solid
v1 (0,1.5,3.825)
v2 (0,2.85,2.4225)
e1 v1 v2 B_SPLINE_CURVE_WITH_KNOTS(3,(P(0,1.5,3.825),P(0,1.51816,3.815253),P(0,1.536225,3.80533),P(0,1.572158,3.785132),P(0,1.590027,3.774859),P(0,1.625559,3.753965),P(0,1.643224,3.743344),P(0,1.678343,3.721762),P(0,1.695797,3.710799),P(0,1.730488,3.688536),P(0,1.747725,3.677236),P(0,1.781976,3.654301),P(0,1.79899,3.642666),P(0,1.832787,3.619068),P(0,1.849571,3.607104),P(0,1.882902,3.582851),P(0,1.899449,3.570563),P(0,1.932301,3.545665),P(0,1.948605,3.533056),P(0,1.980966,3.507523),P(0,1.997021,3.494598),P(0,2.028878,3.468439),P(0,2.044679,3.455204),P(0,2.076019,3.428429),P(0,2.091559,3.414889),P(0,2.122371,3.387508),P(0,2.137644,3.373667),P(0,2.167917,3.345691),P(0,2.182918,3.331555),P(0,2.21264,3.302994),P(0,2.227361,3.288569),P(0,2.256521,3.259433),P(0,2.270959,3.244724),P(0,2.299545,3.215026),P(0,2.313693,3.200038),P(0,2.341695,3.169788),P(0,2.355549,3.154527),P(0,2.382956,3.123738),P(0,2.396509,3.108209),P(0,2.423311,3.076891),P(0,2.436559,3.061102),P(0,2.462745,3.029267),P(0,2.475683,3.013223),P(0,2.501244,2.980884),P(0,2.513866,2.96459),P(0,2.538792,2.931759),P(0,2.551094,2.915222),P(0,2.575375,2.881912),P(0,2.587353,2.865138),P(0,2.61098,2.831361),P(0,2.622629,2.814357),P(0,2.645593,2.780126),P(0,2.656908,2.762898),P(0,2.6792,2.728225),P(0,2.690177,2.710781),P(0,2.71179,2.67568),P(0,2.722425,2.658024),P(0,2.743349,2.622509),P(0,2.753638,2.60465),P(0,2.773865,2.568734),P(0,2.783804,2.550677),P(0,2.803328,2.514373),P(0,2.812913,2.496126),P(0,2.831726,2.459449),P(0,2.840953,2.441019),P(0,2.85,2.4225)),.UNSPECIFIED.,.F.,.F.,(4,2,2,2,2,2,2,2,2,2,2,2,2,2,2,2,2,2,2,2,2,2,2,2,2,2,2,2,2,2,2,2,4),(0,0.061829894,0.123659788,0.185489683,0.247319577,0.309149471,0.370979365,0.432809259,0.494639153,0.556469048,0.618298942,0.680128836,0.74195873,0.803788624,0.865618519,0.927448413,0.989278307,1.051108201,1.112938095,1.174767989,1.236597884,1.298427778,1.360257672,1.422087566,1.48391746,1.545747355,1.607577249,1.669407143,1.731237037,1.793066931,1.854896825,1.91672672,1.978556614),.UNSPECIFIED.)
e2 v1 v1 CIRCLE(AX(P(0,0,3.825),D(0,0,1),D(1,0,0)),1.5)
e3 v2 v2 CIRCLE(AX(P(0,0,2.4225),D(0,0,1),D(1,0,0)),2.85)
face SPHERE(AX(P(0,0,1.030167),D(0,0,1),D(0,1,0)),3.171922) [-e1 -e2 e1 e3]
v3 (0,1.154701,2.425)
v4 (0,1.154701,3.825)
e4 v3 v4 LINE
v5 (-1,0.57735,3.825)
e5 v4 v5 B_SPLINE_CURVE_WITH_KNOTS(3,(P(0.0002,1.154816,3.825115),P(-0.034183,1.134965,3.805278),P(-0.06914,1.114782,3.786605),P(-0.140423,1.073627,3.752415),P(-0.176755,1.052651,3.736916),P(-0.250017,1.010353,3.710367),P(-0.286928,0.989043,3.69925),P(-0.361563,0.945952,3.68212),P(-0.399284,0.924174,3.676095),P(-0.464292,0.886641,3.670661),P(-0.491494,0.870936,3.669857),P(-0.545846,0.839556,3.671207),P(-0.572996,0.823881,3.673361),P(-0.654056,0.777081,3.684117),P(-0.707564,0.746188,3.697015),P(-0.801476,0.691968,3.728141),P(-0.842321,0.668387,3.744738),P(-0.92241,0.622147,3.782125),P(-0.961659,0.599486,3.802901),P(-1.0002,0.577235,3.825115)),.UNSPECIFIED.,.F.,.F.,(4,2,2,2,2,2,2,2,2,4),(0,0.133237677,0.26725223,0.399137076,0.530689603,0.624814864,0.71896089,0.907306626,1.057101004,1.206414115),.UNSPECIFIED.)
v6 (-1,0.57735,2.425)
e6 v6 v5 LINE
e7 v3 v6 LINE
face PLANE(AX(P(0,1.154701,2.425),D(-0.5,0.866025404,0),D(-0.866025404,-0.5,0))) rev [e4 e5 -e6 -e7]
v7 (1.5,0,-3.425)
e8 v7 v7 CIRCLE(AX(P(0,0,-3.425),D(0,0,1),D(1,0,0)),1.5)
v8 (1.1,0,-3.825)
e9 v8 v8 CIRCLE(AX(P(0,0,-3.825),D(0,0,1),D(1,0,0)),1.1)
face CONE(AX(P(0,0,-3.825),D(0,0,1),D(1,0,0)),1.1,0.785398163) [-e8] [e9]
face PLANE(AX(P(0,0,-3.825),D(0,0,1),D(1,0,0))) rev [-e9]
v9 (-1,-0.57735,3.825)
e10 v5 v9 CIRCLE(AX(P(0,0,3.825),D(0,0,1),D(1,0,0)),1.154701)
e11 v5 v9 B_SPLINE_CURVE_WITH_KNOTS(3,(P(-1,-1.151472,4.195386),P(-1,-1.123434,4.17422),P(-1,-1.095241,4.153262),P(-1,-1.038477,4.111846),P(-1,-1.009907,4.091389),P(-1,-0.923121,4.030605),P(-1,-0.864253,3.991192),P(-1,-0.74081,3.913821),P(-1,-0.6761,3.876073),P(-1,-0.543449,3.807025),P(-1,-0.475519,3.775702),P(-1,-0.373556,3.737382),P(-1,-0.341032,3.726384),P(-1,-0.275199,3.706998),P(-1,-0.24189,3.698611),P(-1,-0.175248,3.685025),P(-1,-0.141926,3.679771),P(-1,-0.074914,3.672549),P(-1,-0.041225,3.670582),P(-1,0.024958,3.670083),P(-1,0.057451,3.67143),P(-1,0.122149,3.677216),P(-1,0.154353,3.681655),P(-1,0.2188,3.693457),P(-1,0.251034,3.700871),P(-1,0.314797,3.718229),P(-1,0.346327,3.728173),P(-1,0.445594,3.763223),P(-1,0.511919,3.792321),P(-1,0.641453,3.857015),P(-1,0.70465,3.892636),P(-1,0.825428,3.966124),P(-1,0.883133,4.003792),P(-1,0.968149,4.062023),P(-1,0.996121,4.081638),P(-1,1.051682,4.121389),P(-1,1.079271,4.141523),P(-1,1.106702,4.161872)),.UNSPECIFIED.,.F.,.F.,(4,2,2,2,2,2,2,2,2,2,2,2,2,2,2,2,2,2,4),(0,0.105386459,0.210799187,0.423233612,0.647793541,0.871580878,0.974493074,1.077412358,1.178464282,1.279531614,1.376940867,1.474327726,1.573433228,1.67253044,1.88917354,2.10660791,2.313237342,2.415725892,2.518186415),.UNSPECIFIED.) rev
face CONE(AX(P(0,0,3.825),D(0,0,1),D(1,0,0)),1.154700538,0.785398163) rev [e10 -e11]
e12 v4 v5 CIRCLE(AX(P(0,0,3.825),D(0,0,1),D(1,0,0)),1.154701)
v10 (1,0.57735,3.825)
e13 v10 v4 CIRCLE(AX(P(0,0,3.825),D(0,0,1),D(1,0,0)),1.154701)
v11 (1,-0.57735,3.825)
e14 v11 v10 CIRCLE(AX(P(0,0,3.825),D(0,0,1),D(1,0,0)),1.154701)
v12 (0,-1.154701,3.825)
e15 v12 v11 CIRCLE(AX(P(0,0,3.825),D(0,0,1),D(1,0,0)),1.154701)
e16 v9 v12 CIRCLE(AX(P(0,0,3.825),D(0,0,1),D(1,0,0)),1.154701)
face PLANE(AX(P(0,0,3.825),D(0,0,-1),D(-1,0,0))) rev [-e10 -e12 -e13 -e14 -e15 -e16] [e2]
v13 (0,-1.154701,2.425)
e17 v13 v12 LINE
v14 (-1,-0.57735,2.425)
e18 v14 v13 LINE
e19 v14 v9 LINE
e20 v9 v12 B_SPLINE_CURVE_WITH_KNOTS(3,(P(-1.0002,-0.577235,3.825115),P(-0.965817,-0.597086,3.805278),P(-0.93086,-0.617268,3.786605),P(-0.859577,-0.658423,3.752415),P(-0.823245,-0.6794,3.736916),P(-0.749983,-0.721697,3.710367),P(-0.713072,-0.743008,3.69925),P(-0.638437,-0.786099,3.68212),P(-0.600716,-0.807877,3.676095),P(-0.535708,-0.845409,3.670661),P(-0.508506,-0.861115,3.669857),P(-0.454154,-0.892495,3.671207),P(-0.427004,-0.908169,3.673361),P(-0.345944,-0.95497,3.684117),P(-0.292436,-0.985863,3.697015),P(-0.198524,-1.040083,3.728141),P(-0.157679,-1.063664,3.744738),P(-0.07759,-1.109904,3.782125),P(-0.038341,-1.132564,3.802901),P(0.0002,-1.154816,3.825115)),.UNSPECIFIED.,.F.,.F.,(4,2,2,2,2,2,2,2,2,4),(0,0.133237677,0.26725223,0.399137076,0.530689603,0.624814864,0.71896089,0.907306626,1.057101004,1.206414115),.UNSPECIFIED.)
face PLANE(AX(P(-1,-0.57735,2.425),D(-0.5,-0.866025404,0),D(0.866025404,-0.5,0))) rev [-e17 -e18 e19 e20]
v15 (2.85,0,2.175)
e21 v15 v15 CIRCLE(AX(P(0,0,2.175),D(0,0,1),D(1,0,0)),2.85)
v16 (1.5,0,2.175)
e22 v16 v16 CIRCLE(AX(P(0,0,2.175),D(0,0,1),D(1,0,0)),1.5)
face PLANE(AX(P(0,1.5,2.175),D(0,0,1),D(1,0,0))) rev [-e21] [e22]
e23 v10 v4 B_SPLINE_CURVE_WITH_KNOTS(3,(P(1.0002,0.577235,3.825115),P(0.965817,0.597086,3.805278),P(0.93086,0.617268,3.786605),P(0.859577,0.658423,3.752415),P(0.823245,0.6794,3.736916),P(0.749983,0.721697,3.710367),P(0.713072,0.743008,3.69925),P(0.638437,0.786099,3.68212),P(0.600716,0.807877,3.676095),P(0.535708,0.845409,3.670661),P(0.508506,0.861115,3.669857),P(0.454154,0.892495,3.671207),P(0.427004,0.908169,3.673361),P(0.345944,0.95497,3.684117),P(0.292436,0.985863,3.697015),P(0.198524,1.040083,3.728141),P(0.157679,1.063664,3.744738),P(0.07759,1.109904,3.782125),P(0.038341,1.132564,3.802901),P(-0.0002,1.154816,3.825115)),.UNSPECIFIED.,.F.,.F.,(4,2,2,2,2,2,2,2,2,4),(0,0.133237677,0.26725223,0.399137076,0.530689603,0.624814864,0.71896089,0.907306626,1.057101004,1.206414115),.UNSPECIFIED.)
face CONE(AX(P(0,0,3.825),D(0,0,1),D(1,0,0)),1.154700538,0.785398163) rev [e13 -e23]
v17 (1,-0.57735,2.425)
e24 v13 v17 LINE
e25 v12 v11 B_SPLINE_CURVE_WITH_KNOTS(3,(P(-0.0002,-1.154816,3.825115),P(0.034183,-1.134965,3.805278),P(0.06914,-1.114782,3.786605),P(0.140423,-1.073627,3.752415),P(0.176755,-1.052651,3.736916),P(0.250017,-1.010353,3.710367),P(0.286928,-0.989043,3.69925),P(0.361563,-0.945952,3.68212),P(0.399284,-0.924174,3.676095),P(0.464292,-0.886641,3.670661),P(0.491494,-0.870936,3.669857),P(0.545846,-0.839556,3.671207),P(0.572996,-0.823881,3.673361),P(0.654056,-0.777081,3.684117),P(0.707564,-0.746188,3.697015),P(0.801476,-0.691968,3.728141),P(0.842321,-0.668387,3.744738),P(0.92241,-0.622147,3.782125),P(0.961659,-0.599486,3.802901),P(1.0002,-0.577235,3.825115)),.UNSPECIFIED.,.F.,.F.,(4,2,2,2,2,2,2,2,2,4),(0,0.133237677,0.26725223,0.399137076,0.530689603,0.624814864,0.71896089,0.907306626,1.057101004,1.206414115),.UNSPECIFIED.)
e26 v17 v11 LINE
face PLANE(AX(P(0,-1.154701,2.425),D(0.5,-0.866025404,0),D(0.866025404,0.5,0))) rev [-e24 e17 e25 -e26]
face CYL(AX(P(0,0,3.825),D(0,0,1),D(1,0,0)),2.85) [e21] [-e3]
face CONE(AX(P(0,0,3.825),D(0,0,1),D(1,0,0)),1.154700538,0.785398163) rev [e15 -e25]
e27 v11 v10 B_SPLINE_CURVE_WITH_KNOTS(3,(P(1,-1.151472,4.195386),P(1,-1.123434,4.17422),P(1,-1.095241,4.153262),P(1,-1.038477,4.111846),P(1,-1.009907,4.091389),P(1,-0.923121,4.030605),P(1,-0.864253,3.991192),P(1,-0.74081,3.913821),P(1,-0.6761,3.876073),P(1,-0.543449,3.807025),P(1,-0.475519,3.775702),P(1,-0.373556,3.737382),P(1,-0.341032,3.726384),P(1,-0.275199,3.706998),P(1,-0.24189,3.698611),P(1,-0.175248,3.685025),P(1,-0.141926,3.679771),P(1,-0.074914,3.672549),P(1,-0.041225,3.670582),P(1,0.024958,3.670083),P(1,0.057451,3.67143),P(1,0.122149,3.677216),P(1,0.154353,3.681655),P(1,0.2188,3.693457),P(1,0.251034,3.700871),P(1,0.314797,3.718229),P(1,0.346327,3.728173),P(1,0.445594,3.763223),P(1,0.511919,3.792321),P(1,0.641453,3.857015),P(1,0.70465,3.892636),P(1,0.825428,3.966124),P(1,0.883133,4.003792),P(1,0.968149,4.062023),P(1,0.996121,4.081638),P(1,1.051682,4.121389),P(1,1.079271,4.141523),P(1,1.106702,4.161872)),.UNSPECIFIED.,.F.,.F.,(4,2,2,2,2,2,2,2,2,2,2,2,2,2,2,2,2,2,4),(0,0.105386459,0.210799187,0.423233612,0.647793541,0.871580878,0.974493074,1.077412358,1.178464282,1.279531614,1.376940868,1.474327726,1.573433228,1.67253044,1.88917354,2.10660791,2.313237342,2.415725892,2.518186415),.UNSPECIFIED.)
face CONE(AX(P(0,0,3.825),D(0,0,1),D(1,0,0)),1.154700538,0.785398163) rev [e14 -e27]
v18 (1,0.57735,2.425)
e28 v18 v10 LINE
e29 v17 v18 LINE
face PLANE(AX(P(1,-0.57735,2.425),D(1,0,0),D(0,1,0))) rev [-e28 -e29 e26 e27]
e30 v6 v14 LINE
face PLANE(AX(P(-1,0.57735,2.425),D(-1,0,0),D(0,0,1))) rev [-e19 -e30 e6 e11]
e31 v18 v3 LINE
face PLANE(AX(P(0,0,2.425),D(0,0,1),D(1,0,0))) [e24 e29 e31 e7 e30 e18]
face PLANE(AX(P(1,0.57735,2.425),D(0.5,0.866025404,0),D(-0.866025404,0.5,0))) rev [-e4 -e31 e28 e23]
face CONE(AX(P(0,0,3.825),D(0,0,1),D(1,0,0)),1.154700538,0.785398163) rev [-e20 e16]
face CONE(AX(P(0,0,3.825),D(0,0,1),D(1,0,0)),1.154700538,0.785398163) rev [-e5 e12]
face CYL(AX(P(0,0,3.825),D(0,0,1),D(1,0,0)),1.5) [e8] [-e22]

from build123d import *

# Parameters (mm, degrees)
CUT_EXTRUDE1_DEPTH = 1.4


with BuildPart() as part:
    # Sketch2 → Revolve1 (revolve)
    with BuildSketch(Plane(origin=(0, 0, 0), x_dir=(0, 0, -1), z_dir=(1, 0, 0)), mode=Mode.PRIVATE) as revolve1_sk:
        with BuildLine():
            Line((-3.825, 0), (3.825, 0))
            Line((3.825, 0), (3.825, 1.1))
            Line((3.825, 1.1), (3.425, 1.5))
            Line((3.425, 1.5), (-2.175, 1.5))
            Line((-2.175, 1.5), (-2.175, 2.85))
            Line((-2.175, 2.85), (-2.4225, 2.85))
            ThreePointArc((-2.4225, 2.85), (-3.22987489, 2.285251969), (-3.825, 1.5))
            Line((-3.825, 1.5), (-3.825, 0))
        make_face()
    revolve(revolve1_sk.sketch.rotate(Axis((0, 0, 3.825), (0, 0, -1)), 90), axis=Axis((0, 0, 3.825), (0, 0, -1)))

    # Sketch3 → Cut-Extrude1 (cut)
    with BuildSketch(Plane.XY.offset(3.825)):
        Polygon((0, 1.154700538), (-1, 0.577350269), (-1, -0.577350269), (0, -1.154700538), (1, -0.577350269), (1, 0.577350269), align=None)
    extrude(amount=-CUT_EXTRUDE1_DEPTH, mode=Mode.SUBTRACT)

    # Cut-Extrude2 cone 1 section (through the dimple's axis) → Cut-Extrude2 (revolve, cut)
    with BuildSketch(Plane(origin=(0, 0, 3.825), x_dir=(0, -1, 0), z_dir=(1, 0, 0))):
        Polygon((0, 0), (1.154700538, 0), (0, 1.154700538), align=None)
    revolve(axis=Axis((0, 0, 3.825), (0, 0, -1)), mode=Mode.SUBTRACT)


solid = part.part
